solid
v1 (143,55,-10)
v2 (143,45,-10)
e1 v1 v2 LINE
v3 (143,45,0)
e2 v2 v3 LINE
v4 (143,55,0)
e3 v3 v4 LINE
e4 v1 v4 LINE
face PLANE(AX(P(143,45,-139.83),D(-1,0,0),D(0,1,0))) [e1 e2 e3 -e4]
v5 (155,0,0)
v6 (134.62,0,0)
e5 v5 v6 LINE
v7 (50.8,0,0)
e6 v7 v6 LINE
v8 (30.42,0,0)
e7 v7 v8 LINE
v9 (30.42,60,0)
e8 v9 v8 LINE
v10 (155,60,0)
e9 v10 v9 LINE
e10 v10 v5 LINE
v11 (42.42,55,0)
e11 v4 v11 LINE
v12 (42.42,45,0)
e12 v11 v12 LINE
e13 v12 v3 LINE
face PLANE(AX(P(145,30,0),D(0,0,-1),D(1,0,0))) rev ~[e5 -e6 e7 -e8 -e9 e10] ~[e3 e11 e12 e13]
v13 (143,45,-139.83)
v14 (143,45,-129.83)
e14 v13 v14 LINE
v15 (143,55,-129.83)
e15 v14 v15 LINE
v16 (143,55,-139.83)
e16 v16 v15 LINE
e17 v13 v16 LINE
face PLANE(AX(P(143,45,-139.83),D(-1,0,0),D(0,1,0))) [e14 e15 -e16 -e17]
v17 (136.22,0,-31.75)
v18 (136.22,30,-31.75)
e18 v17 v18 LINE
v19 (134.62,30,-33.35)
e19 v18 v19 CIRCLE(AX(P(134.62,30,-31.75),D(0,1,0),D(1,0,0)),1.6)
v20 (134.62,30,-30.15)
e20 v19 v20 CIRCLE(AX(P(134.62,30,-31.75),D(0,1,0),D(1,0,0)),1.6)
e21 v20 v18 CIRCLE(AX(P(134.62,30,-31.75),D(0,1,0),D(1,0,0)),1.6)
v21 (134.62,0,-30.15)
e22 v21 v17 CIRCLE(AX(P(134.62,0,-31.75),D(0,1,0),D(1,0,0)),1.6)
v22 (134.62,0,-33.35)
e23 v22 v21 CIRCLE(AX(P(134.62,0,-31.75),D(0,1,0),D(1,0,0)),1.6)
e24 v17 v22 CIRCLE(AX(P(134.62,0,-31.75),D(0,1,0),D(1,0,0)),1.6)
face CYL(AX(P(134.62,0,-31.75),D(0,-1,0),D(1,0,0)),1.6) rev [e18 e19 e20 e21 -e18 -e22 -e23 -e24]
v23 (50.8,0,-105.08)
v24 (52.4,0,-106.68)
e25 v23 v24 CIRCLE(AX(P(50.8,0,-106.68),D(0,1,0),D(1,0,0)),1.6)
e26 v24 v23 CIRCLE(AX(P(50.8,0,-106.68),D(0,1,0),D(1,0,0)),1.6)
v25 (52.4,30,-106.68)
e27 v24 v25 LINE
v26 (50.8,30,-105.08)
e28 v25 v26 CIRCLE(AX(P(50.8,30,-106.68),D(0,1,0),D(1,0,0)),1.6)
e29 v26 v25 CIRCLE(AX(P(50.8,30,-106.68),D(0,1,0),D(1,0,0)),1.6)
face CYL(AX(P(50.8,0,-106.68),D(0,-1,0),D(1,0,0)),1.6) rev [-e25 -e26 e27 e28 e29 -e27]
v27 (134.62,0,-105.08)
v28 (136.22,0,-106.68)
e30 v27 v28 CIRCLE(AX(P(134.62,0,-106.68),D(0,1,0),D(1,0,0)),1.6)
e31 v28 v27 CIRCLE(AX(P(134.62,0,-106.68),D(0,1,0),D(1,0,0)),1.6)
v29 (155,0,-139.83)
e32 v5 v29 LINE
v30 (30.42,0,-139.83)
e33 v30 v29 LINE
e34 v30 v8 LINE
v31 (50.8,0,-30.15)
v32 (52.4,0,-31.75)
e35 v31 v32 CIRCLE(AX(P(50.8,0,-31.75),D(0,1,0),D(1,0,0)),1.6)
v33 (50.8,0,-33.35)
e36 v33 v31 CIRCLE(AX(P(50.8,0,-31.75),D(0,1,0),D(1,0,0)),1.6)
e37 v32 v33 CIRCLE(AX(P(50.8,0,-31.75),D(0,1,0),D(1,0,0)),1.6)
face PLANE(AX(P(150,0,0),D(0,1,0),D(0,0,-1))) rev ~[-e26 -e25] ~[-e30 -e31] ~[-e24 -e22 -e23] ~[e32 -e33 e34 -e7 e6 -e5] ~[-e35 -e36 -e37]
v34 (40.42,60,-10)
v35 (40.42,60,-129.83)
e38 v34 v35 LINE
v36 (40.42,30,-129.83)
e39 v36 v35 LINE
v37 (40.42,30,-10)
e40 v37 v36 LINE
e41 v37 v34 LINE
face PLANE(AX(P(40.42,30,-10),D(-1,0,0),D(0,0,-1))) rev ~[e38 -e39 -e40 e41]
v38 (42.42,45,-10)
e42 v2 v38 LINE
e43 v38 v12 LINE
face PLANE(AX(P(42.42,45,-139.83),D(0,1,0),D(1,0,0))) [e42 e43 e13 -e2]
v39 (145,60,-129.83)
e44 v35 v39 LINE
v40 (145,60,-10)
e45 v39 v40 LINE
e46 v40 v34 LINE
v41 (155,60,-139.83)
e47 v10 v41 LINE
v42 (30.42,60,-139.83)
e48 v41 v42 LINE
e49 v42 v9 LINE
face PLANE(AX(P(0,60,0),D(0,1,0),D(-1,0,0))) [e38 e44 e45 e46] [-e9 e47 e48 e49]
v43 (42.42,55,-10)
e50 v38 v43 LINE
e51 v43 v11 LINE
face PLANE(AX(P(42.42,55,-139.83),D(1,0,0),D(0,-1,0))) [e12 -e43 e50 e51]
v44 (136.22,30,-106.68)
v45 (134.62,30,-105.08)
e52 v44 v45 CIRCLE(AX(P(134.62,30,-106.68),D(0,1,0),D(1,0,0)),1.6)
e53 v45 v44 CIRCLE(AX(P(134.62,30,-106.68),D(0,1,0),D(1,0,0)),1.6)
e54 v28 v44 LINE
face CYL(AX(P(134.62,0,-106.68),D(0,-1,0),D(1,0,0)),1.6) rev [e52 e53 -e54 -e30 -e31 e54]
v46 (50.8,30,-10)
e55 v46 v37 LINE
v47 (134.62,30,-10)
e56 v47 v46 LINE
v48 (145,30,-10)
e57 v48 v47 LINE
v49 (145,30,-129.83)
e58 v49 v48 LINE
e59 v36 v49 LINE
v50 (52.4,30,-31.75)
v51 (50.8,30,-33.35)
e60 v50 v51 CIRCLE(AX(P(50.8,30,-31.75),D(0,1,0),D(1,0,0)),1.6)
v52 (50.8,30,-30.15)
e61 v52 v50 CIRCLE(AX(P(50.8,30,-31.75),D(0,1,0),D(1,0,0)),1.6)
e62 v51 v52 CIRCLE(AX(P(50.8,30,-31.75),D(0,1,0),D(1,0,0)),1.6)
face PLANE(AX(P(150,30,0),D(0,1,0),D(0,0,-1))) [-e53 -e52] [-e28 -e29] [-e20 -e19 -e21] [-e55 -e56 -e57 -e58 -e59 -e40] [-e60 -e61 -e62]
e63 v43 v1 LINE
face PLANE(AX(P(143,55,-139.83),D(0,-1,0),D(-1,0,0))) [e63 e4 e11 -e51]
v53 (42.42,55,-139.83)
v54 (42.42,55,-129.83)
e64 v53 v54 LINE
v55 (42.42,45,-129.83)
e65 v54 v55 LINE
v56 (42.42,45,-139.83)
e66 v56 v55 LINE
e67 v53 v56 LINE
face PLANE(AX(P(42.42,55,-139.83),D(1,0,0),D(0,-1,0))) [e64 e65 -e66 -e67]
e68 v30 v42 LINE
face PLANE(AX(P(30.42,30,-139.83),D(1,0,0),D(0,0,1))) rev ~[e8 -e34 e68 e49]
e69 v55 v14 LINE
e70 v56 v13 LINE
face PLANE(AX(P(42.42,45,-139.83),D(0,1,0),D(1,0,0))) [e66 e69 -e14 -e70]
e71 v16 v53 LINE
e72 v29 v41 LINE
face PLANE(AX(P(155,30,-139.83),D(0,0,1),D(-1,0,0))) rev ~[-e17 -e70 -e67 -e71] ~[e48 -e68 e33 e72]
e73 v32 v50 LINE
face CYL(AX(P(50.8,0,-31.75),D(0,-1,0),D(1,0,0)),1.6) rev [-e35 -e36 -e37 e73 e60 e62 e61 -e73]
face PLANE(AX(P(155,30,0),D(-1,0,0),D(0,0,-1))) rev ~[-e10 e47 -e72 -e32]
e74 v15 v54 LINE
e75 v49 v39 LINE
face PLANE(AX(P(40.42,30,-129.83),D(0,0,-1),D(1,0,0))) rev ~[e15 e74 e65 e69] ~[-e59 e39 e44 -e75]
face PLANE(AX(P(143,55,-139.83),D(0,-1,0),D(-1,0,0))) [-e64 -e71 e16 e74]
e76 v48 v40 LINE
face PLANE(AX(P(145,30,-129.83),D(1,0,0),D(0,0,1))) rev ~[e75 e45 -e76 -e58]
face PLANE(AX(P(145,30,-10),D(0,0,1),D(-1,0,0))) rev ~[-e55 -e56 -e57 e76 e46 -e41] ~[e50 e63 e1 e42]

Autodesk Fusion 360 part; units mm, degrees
sketch "Sketch1" plane through (0, 0, 0) normal (0, 1, 0) x (1, 0, 0)
  line L0 (0, 0) -> (150, 0)
  line L1 (150, 0) -> (150, 150)
  line L2 (150, 150) -> (0, 150)
  line L3 (0, 150) -> (0, 0)
  line L4 (0, 0) -> (134.62, 0)
  line L5 (134.62, 0) -> (134.62, 31.75)
  circle A0 centre (134.62, 31.75) radius 1.6
  line L6 (134.62, 0) -> (134.62, 106.68)
  circle A1 centre (134.62, 106.68) radius 1.6
  line L7 (0, 0) -> (50.8, 0)
  line L8 (50.8, 0) -> (50.8, 106.68)
  line L9 (50.8, 0) -> (50.8, 31.75)
  circle A2 centre (50.8, 106.68) radius 1.6
  circle A3 centre (50.8, 31.75) radius 1.6
  dimension "d1" = 150
  dimension "d2" = 150
  dimension "d3" = 134.62
  dimension "d4" = 31.75
  dimension "d5" = 3.2
  dimension "d6" = 106.68
  dimension "d7" = 3.2
  dimension "d8" = 50.8
  dimension "d9" = 106.68
  dimension "d10" = 31.75
  dimension "d11" = 3.2
  dimension "d12" = 3.2
extrude "Extrude1" add sketch "Sketch1" along normal blind 10
extrude "Extrude2" add 1 faces at (106.3029, 10, -57.1038) along direction (0, 1, 0) blind 20
extrude "Extrude3" cut 1 faces at (0, 10, -100) along direction (1, 0, 0) blind 35.42
extrude "Extrude4" cut 1 faces at (111.8067, 10, -150) along direction (0, 0, 1) blind 10.17
extrude "Extrude5" add 1 faces at (35.42, 10, -93.22) along direction (-1, 0, 0) blind 5
extrude "Extrude6" add 1 faces at (150, 10, -46.61) along direction (1, 0, 0) blind 5
sketch "Sketch2" plane through (0, 30, 0) normal (0, 1, 0) x (-1, 0, 0)
  circle A0 centre (-50.8, -106.68) radius 1.6
  circle A1 centre (-134.62, -31.75) radius 1.6
  circle A2 centre (-50.8, -31.75) radius 1.6
  circle A3 centre (-134.62, -106.68) radius 1.6
  line L0 (-155, -139.83) -> (-30.42, -139.83)
  line L1 (-30.42, -139.83) -> (-30.42, 0)
  line L2 (-30.42, 0) -> (-155, 0)
  line L3 (-155, 0) -> (-155, -139.83)
  line L4 (-30.42, -139.83) -> (-30.42, -129.83)
  line L5 (-155, 0) -> (-145, 0)
  line L6 (-40.42, -129.83) -> (-145, -129.83)
  line L7 (-145, -129.83) -> (-145, -10)
  line L8 (-145, -10) -> (-40.42, -10)
  line L9 (-40.42, -10) -> (-40.42, -129.83)
  dimension "d26" = 10
  dimension "d27" = 10
extrude "Extrude7" add sketch "Sketch2" along normal blind 30 contours L0 L1 L2 L3 L4 L5
sketch "Sketch3" plane through (0, 0, -139.83) normal (0, 0, -1) x (-1, 0, 0)
  line L0 (-155, 60) -> (-155, 0)
  line L1 (-155, 0) -> (-30.42, 0)
  line L2 (-30.42, 0) -> (-30.42, 60)
  line L3 (-30.42, 60) -> (-155, 60)
  line L4 (-155, 60) -> (-155, 55)
  line L5 (-155, 55) -> (-143, 55)
  line L6 (-30.42, 60) -> (-30.42, 55)
  line L7 (-30.42, 55) -> (-42.42, 55)
  line L8 (-42.42, 55) -> (-42.42, 45)
  line L9 (-143, 55) -> (-42.42, 55)
  line L10 (-42.42, 55) -> (-42.42, 45)
  line L11 (-42.42, 45) -> (-143, 45)
  line L12 (-143, 45) -> (-143, 55)
  dimension "d30" = 12
  dimension "d31" = 12
extrude "Extrude8" cut sketch "Sketch3" against normal blind 200 contours L8 L9 L10 L11 L12
